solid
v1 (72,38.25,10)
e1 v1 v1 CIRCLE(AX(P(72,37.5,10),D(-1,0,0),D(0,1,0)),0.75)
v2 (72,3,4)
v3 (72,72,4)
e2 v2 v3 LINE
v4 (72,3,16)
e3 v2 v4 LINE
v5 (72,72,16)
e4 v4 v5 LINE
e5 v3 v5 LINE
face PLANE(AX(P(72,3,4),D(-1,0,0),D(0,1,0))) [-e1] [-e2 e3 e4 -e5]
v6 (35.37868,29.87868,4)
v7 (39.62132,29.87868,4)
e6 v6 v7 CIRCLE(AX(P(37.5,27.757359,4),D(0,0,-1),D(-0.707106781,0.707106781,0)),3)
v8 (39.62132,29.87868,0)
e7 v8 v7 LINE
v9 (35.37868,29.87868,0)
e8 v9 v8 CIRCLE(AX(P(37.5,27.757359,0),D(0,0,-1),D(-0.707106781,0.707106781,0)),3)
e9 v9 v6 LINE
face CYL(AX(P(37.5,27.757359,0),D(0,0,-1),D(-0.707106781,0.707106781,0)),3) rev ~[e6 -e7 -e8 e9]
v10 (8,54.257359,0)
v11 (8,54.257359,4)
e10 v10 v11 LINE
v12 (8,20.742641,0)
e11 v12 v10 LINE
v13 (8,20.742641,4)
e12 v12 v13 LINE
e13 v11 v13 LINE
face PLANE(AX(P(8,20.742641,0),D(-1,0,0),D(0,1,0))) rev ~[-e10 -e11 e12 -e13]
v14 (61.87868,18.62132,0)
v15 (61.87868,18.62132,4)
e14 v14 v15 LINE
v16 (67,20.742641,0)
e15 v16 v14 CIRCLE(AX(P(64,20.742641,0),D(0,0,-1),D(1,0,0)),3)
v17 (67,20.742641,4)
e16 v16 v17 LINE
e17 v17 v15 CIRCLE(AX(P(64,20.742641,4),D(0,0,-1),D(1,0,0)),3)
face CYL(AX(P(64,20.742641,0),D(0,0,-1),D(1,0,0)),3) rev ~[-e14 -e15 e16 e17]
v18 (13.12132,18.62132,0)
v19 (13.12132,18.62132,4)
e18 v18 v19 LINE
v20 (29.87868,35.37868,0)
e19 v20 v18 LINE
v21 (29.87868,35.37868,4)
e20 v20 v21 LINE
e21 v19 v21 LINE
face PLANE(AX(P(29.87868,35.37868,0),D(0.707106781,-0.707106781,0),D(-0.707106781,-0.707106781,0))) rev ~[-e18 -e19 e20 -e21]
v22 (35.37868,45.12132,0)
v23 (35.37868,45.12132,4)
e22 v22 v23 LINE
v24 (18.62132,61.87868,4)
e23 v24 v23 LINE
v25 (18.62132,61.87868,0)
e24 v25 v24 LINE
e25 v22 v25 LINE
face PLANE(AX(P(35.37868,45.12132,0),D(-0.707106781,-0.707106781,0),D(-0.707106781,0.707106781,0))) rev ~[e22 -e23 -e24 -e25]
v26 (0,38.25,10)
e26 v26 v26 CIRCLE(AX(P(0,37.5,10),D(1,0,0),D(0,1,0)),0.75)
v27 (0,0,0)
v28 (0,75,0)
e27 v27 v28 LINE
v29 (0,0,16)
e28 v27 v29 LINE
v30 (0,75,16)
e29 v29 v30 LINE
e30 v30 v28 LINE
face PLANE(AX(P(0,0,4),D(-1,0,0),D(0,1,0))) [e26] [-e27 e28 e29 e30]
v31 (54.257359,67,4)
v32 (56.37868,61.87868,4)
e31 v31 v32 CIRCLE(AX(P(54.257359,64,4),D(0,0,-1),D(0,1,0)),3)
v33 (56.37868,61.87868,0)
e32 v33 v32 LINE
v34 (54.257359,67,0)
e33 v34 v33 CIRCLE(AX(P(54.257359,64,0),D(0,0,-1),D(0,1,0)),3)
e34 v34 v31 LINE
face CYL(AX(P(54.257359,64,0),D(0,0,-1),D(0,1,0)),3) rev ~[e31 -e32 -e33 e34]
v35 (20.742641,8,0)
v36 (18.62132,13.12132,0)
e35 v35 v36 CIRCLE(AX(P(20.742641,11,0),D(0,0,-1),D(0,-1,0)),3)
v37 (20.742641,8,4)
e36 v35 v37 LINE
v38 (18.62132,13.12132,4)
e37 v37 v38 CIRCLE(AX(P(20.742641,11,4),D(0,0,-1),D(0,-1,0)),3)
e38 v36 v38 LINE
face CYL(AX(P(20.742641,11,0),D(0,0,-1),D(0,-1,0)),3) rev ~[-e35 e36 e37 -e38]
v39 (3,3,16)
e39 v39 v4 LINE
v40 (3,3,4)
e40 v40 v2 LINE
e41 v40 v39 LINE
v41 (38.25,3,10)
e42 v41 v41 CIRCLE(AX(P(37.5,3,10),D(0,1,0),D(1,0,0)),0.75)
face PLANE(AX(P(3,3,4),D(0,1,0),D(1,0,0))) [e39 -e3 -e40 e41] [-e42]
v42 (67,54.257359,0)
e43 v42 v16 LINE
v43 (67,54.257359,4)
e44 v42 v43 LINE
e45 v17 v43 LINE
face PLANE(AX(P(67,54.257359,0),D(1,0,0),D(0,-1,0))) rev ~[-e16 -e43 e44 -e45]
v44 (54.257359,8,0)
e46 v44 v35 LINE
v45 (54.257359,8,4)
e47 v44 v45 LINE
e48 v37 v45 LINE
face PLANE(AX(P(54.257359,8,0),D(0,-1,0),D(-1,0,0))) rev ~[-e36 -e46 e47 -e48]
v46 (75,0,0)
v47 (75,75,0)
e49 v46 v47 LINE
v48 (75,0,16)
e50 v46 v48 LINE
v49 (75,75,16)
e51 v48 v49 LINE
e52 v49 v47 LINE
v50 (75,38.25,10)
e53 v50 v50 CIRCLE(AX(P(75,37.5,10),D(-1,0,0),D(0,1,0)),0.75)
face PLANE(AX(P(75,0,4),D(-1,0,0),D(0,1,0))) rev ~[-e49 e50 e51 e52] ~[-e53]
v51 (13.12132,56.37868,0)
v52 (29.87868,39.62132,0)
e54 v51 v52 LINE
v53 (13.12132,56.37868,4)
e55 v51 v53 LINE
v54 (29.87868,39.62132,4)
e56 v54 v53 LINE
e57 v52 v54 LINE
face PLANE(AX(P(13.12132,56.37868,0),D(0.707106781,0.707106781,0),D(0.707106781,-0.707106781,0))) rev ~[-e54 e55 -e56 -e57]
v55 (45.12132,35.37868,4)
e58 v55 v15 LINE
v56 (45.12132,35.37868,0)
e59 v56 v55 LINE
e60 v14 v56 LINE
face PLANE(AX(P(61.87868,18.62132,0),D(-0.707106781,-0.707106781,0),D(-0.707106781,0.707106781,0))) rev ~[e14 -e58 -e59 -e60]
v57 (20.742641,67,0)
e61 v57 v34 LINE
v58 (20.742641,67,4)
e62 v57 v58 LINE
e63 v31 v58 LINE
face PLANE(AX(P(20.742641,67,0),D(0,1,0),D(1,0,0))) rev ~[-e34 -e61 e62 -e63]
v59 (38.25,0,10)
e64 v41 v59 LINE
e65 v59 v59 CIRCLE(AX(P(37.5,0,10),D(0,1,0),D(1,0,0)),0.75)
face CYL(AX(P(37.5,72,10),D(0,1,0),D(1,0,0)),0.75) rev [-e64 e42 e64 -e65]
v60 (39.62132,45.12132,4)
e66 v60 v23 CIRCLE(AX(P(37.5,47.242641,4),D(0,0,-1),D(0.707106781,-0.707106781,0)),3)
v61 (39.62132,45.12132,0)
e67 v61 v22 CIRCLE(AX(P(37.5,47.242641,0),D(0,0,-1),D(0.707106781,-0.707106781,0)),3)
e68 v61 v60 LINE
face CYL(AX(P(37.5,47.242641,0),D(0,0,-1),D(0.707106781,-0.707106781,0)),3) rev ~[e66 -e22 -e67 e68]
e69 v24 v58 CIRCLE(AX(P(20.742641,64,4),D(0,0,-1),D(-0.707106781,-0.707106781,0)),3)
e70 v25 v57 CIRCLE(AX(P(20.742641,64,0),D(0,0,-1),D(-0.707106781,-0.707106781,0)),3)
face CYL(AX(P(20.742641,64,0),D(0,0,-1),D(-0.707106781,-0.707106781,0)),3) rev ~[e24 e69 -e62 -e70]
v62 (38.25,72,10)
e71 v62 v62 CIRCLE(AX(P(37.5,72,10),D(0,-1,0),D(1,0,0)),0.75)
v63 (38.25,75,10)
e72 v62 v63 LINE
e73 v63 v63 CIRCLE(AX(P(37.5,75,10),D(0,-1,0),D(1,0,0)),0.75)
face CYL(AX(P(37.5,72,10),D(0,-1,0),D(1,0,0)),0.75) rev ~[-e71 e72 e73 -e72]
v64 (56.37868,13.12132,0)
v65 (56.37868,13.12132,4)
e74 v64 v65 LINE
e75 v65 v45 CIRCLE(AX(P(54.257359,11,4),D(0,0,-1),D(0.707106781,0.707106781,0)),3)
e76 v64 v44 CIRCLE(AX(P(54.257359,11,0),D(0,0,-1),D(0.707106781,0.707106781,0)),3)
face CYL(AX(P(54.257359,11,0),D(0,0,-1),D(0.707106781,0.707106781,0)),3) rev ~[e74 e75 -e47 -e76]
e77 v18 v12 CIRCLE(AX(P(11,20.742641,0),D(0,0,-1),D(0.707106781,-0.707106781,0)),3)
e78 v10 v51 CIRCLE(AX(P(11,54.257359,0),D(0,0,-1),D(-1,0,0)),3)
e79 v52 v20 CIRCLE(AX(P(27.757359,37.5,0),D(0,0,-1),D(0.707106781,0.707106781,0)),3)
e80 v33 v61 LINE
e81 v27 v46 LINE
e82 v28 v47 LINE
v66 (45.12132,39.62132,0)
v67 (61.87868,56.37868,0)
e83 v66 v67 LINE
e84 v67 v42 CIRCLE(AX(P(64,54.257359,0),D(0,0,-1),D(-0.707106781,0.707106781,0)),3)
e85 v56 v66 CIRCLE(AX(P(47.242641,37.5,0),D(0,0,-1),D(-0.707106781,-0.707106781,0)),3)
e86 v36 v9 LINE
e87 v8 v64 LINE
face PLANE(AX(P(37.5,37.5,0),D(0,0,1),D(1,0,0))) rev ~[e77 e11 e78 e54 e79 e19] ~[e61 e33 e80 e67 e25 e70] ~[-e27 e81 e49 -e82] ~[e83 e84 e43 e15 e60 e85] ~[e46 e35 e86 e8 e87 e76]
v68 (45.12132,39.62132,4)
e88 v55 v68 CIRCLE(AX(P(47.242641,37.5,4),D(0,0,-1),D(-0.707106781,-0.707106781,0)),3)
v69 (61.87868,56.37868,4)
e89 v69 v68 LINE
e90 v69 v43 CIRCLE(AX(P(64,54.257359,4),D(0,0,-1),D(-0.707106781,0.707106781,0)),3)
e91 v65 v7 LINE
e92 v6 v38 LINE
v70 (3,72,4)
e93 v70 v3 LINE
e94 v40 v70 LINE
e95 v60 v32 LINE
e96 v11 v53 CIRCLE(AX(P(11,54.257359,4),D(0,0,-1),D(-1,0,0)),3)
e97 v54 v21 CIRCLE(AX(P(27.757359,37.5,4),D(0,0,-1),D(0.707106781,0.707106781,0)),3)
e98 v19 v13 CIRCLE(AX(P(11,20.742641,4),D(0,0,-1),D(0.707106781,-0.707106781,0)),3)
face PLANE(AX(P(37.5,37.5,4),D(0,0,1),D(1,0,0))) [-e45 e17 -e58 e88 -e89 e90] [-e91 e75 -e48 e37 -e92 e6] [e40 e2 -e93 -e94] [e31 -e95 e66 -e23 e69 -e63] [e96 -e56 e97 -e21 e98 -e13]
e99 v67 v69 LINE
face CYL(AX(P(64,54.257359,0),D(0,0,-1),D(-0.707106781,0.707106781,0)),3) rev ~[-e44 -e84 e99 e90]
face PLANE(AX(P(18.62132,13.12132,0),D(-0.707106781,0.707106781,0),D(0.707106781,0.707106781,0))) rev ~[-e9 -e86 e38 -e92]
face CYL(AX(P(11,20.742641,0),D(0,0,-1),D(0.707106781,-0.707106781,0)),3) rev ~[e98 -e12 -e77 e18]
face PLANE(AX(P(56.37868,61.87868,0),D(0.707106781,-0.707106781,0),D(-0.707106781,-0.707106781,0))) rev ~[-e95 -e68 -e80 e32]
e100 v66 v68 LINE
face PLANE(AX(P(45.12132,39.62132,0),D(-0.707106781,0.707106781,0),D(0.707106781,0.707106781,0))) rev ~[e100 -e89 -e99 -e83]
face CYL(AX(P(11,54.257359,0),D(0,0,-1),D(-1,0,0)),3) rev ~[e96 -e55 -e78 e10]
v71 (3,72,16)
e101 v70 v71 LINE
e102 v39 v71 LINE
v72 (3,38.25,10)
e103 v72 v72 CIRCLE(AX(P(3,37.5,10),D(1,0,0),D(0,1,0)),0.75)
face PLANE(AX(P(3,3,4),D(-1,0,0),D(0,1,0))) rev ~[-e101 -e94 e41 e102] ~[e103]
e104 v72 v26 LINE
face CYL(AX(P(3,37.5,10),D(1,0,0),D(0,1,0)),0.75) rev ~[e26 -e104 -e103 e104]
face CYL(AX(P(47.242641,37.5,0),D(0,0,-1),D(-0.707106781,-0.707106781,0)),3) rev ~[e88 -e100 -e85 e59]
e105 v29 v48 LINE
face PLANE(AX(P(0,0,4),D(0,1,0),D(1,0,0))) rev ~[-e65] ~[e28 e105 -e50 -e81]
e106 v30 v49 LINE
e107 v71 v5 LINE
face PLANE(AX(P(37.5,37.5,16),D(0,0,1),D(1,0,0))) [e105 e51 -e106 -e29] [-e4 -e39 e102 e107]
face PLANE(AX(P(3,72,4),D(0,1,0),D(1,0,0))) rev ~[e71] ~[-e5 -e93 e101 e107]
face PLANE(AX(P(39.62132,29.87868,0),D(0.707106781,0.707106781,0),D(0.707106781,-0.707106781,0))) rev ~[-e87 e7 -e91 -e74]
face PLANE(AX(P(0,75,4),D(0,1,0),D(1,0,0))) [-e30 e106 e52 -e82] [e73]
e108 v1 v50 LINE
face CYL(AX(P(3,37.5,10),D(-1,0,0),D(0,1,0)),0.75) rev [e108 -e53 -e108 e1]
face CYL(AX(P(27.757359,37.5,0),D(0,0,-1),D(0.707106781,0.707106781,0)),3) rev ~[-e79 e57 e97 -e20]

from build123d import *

# Parameters (mm, degrees)
F0_W          = 75
F0_H          = 75
F1_DEPTH      = 4
F2_W          = 75
F2_H          = 75
F2_W_2        = 69
F2_H_2        = 69
F3_DEPTH      = 12
F5_DEPTH      = 25
F6_R          = 0.75
F7_DEPTH      = 25
F7_DEPTH_BACK = 72.001
F8_R          = 0.75
F9_DEPTH      = 25
F9_DEPTH_BACK = 72.001


with BuildPart() as f1:
    # F0 (on Top) → F1 (new body)
    with BuildSketch(Plane.XY):
        with Locations((37.5, 37.5)):
            Rectangle(F0_W, F0_H)
    extrude(amount=F1_DEPTH)

    # F2 (on face) → F3 (join)
    with BuildSketch(Plane.XY.offset(4)):
        with Locations((37.5, 37.5)):
            Rectangle(F2_W, F2_H)
        with Locations((37.5, 37.5)):
            Rectangle(F2_W_2, F2_H_2, mode=Mode.SUBTRACT)
    extrude(amount=F3_DEPTH)

    # F4 (on face) → F5 (cut)
    with BuildSketch(Plane(origin=(0, 0, 0), x_dir=(1, 0, 0), z_dir=(0, 0, -1))):
        with BuildLine():
            ThreePointArc((13.1213203436, -18.6213203436), (9.8519497029, -17.9710020896), (8, -20.7426406871))
            Line((8, -20.7426406871), (8, -54.2573593129))
            ThreePointArc((8, -54.2573593129), (9.8519497029, -57.0289979104), (13.1213203436, -56.3786796564))
            Line((13.1213203436, -56.3786796564), (29.8786796564, -39.6213203436))
            ThreePointArc((29.8786796564, -39.6213203436), (30.7573593129, -37.5), (29.8786796564, -35.3786796564))
            Line((29.8786796564, -35.3786796564), (13.1213203436, -18.6213203436))
        make_face()
        with BuildLine():
            ThreePointArc((35.3786796564, -29.8786796564), (37.5, -30.7573593129), (39.6213203436, -29.8786796564))
            Line((39.6213203436, -29.8786796564), (56.3786796564, -13.1213203436))
            ThreePointArc((56.3786796564, -13.1213203436), (57.0289979104, -9.8519497029), (54.2573593129, -8))
            Line((54.2573593129, -8), (20.7426406871, -8))
            ThreePointArc((20.7426406871, -8), (17.9710020896, -9.8519497029), (18.6213203436, -13.1213203436))
            Line((18.6213203436, -13.1213203436), (35.3786796564, -29.8786796564))
        make_face()
        with BuildLine():
            Line((67, -54.2573593129), (67, -20.7426406871))
            ThreePointArc((67, -20.7426406871), (65.1480502971, -17.9710020896), (61.8786796564, -18.6213203436))
            Line((61.8786796564, -18.6213203436), (45.1213203436, -35.3786796564))
            ThreePointArc((45.1213203436, -35.3786796564), (44.2426406871, -37.5), (45.1213203436, -39.6213203436))
            Line((45.1213203436, -39.6213203436), (61.8786796564, -56.3786796564))
            ThreePointArc((61.8786796564, -56.3786796564), (65.1480502971, -57.0289979104), (67, -54.2573593129))
        make_face()
        with BuildLine():
            Line((56.3786796564, -61.8786796564), (39.6213203436, -45.1213203436))
            ThreePointArc((39.6213203436, -45.1213203436), (37.5, -44.2426406871), (35.3786796564, -45.1213203436))
            Line((35.3786796564, -45.1213203436), (18.6213203436, -61.8786796564))
            ThreePointArc((18.6213203436, -61.8786796564), (17.9710020896, -65.1480502971), (20.7426406871, -67))
            Line((20.7426406871, -67), (54.2573593129, -67))
            ThreePointArc((54.2573593129, -67), (57.0289979104, -65.1480502971), (56.3786796564, -61.8786796564))
        make_face()
    extrude(amount=-F5_DEPTH, mode=Mode.SUBTRACT)

    # F6 (on face) → F7 (cut, two sides)
    with BuildSketch(Plane.XZ.offset(-72)) as f7_sk:
        with Locations((37.5, 10)):
            Circle(F6_R)
    extrude(amount=-F7_DEPTH, mode=Mode.SUBTRACT)
    extrude(f7_sk.sketch, amount=F7_DEPTH_BACK, mode=Mode.SUBTRACT)

    # F8 (on face) → F9 (cut, two sides)
    with BuildSketch(Plane.YZ.offset(3)) as f9_sk:
        with Locations((37.5, 10)):
            Circle(F8_R)
    extrude(amount=-F9_DEPTH, mode=Mode.SUBTRACT)
    extrude(f9_sk.sketch, amount=F9_DEPTH_BACK, mode=Mode.SUBTRACT)


solid = f1.part
